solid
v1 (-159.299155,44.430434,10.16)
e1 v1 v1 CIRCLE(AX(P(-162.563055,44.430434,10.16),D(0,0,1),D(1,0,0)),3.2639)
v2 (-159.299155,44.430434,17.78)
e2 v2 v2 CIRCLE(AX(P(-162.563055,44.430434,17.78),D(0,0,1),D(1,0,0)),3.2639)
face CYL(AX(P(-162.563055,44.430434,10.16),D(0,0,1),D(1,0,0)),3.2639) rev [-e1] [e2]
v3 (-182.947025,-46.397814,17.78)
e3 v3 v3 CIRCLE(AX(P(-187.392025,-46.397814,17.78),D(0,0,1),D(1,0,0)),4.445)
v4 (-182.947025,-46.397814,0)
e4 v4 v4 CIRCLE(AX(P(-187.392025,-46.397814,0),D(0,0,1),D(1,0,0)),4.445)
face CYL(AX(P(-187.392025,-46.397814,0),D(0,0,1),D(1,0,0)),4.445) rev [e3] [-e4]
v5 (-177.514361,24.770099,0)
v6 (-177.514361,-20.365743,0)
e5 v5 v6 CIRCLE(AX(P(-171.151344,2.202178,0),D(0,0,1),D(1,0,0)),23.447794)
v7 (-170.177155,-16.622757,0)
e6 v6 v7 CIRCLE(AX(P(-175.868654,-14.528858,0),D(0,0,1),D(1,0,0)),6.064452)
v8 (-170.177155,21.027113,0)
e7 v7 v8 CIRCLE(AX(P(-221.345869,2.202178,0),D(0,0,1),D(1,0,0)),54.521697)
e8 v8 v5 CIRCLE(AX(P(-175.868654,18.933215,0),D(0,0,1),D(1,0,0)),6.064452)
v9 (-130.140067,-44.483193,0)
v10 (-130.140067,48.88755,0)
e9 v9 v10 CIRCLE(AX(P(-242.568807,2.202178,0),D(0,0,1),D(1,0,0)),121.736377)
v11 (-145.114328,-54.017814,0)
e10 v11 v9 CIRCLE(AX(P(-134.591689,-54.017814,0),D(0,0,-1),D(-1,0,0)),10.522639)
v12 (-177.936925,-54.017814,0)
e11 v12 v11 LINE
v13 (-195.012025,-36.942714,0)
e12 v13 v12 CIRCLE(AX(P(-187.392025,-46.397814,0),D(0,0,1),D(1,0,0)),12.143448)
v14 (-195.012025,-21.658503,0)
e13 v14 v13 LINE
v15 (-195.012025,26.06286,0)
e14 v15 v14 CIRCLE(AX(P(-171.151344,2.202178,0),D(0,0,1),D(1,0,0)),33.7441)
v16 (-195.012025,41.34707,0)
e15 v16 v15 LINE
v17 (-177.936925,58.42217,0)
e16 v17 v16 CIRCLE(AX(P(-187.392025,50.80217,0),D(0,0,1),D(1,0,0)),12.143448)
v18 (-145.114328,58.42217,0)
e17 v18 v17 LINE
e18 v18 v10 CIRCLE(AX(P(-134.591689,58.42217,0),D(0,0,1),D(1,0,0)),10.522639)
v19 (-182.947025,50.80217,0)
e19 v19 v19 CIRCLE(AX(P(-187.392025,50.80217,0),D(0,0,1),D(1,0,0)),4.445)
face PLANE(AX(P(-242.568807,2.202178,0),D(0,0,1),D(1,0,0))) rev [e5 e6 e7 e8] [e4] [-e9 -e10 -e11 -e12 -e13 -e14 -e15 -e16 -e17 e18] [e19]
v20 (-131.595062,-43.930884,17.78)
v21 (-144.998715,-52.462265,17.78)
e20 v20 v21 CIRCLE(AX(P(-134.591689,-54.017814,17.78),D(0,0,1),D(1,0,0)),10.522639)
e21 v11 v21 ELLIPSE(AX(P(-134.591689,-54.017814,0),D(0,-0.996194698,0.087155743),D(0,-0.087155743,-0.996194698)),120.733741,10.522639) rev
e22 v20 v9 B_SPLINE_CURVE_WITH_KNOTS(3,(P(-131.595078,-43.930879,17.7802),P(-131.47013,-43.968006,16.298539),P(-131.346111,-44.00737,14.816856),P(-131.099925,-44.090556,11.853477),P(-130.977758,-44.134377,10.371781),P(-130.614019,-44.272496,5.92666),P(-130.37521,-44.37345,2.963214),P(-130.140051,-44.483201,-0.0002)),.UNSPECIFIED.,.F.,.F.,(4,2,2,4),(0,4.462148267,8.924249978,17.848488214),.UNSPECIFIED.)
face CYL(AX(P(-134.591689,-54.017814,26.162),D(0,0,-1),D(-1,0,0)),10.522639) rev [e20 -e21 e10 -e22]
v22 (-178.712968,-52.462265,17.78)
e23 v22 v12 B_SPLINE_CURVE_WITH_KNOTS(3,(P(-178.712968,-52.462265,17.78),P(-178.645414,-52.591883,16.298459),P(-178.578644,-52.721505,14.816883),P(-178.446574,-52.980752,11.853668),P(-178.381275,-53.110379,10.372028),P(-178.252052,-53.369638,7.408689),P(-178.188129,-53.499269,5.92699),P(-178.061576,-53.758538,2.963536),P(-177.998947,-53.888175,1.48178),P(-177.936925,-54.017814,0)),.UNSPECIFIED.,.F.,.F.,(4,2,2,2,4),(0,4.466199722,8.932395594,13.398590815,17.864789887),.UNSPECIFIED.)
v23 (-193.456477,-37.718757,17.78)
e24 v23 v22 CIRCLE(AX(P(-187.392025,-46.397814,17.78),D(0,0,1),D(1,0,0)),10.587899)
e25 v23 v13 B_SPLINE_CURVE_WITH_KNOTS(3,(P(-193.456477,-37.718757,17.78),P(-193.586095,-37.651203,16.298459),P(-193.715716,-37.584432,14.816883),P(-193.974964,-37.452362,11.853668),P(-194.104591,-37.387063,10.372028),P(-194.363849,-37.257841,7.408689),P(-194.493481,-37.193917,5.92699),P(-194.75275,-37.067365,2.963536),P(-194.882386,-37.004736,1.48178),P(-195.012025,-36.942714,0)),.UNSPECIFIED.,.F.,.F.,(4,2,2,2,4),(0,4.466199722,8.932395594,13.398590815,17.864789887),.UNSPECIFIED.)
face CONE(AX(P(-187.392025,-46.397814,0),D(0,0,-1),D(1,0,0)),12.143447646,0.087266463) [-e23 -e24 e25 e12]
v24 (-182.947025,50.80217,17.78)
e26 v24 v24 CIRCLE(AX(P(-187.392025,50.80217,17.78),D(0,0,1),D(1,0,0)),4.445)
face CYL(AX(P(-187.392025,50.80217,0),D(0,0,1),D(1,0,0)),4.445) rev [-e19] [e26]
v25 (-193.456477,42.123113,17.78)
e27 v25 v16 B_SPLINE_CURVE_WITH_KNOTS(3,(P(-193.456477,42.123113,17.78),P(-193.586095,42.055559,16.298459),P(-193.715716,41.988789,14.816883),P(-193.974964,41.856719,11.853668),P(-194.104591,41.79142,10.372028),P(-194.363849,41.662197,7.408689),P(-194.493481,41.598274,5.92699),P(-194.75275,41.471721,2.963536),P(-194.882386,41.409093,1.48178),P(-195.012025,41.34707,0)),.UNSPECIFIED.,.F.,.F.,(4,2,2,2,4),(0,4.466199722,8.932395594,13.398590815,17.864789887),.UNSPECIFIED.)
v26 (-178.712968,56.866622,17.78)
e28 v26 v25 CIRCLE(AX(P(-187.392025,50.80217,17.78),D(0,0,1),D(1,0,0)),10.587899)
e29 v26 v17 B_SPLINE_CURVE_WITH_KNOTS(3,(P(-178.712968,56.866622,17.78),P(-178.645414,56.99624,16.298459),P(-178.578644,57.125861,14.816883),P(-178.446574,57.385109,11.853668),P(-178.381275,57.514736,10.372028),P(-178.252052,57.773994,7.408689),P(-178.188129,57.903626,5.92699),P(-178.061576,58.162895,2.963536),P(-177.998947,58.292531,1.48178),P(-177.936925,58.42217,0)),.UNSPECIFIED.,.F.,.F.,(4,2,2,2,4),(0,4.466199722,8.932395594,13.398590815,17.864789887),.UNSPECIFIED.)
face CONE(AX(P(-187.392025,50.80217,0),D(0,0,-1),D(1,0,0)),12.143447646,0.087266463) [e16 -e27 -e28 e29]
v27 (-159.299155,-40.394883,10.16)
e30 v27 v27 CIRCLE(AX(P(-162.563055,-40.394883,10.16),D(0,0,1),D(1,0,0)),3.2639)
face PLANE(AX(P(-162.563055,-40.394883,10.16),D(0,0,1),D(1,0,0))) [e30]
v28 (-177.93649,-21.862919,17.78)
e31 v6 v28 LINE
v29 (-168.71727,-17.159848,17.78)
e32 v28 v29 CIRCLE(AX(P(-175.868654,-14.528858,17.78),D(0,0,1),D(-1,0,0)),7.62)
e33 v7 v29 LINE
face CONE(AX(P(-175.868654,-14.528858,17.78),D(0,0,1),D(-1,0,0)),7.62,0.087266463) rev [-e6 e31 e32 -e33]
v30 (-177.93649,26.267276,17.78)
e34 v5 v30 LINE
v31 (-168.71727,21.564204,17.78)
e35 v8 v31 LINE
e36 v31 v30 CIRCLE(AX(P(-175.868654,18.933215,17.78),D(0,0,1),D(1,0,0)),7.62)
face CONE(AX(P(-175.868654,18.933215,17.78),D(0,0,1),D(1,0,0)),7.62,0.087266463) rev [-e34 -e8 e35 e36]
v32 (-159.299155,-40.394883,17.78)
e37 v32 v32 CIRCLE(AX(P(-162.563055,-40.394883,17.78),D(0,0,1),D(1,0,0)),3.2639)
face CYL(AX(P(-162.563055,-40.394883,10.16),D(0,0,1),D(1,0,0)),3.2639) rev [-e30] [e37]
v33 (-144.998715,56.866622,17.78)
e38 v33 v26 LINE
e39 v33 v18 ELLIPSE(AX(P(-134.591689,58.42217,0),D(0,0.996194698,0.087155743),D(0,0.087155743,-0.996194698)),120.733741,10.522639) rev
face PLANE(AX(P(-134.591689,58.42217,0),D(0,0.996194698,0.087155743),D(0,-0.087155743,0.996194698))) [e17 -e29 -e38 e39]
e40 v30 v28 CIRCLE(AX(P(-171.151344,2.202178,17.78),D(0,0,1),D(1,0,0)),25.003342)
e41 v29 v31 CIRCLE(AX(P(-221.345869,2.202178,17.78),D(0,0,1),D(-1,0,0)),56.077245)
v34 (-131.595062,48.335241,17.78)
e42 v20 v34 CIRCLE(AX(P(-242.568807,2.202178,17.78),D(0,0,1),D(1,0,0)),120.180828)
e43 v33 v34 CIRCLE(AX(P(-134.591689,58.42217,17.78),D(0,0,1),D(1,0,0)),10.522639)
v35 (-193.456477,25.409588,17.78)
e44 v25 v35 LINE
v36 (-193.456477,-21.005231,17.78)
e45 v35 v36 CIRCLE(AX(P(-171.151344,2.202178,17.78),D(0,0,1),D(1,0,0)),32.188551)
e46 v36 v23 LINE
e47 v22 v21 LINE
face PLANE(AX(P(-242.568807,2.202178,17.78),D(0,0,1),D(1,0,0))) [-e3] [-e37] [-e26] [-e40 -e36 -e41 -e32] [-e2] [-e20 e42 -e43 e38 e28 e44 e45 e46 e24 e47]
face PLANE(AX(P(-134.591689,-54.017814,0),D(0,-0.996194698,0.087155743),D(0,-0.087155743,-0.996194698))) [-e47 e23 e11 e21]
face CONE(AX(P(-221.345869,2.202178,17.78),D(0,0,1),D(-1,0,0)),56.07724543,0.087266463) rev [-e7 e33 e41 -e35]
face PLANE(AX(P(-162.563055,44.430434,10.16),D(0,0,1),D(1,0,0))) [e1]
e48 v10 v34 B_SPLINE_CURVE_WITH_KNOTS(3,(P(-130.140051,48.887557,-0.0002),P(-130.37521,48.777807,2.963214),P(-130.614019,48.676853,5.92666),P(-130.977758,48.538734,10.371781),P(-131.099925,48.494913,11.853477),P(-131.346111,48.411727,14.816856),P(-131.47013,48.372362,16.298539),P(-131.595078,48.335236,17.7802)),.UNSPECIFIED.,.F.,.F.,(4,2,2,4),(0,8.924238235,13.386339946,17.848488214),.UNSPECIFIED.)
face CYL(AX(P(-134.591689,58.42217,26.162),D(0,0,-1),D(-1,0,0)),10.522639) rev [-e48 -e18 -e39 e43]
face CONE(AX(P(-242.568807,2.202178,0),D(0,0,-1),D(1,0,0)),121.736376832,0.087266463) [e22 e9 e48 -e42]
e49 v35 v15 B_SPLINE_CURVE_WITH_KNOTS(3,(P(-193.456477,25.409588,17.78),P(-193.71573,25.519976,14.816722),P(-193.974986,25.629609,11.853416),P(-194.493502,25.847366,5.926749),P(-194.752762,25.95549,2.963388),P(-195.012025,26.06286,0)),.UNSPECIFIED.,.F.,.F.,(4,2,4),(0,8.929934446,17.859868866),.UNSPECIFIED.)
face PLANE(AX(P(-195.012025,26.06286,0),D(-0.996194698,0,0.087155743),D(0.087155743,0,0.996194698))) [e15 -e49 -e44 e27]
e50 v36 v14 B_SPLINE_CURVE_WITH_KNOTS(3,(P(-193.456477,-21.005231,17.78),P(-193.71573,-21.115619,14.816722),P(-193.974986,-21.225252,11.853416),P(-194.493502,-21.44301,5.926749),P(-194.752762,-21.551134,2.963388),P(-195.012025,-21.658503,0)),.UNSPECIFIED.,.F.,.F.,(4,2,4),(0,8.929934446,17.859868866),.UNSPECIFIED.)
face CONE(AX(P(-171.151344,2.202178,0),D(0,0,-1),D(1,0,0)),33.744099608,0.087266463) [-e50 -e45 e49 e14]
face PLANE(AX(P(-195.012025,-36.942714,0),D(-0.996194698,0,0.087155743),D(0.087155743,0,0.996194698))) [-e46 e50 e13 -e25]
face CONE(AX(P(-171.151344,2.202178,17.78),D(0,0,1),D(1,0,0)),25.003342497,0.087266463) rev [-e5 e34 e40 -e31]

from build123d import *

# Parameters (mm, degrees)
EXTRUDE1_DEPTH     = 17.78
EXTRUDE1_DRAFT     = 5
SKETCH3_R          = 4.445
CUT_EXTRUDE2_DEPTH = 18.78
CUT_EXTRUDE3_DEPTH = 18.78
CUT_EXTRUDE3_TAPER = 5
SKETCH5_R          = 10.522638874
CUT_EXTRUDE4_DEPTH = 26.162
SKETCH6_R          = 3.2639
CUT_EXTRUDE5_DEPTH = 7.62


with BuildPart() as part:
    # Sketch1 → Extrude1 (with draft: the straight prism first)
    with BuildSketch(Plane.XY):
        with BuildLine():
            ThreePointArc((-195.012025381, 26.062859944), (-204.895443331, 2.202178287), (-195.012025381, -21.658503371))
            Line((-195.012025381, -21.658503371), (-195.012025381, -36.94271364))
            ThreePointArc((-195.012025381, -36.94271364), (-195.978739559, -54.984528068), (-177.936925131, -54.017813891))
            Line((-177.936925131, -54.017813891), (-134.591688961, -54.017813891))
            ThreePointArc((-134.591688961, -54.017813891), (-120.832429722, 2.202178287), (-134.591688961, 58.422170464))
            Line((-134.591688961, 58.422170464), (-177.936925131, 58.422170464))
            ThreePointArc((-177.936925131, 58.422170464), (-195.978739559, 59.388884642), (-195.012025381, 41.347070214))
            Line((-195.012025381, 41.347070214), (-195.012025381, 26.062859944))
        make_face()
    extrude(amount=EXTRUDE1_DEPTH)
    # Extrude1: the draft: its side faces are tilted about the plane it starts from
    extrude1_sides = [part.faces().sort_by_distance(p)[0] for p in [
        (-204.895443331, 2.202178287, 8.89),
        (-195.012025381, -29.300608506, 8.89),
        (-195.978739559, -54.984528068, 8.89),
        (-156.264307046, -54.017813891, 8.89),
        (-120.832429722, 2.202178287, 8.89),
        (-156.264307046, 58.422170464, 8.89),
        (-195.978739559, 59.388884642, 8.89),
        (-195.012025381, 33.704965079, 8.89),
    ]]
    draft(extrude1_sides, Plane.XY, EXTRUDE1_DRAFT)

    # Sketch3 → Cut-Extrude2 (cut, through all)
    with BuildSketch(Plane(origin=(10.378673568, 21.507111235, 17.78), x_dir=(1, 0, 0), z_dir=(0, 0, 1))):
        with Locations((-197.770698949, 29.295059229)):
            Circle(SKETCH3_R)
        with Locations((-197.770698949, -67.904925126)):
            Circle(SKETCH3_R)
    extrude(amount=-CUT_EXTRUDE2_DEPTH, mode=Mode.SUBTRACT)

    # Sketch4 → Cut-Extrude3 (cut, through all)
    with BuildSketch(Plane.XY.offset(17.78)):
        with BuildLine():
            ThreePointArc((-177.936489958, 26.267275972), (-196.154686221, 2.202178287), (-177.936489958, -21.862919399))
            ThreePointArc((-177.936489958, -21.862919399), (-172.405947357, -21.316646023), (-168.71726973, -17.159847564))
            ThreePointArc((-168.71726973, -17.159847564), (-165.268623085, 2.202178287), (-168.71726973, 21.564204137))
            ThreePointArc((-168.71726973, 21.564204137), (-172.405947357, 25.721002597), (-177.936489958, 26.267275972))
        make_face()
    extrude(amount=-CUT_EXTRUDE3_DEPTH, taper=CUT_EXTRUDE3_TAPER, mode=Mode.SUBTRACT)

    # Sketch5 → Cut-Extrude4 (cut)
    with BuildSketch(Plane(origin=(0, 0, 0), x_dir=(-1, 0, 0), z_dir=(0, 0, -1))):
        with Locations((134.591688961, 58.422170464)):
            Circle(SKETCH5_R)
        with Locations((134.591688961, -54.017813891)):
            Circle(SKETCH5_R)
    extrude(amount=-CUT_EXTRUDE4_DEPTH, mode=Mode.SUBTRACT)

    # Sketch6 → Cut-Extrude5 (cut)
    with BuildSketch(Plane.XY.offset(17.78)):
        with Locations((-162.563054604, 44.430433633)):
            Circle(SKETCH6_R)
        with Locations((-162.563054604, -40.394882783)):
            Circle(SKETCH6_R)
    extrude(amount=-CUT_EXTRUDE5_DEPTH, mode=Mode.SUBTRACT)


solid = part.part
